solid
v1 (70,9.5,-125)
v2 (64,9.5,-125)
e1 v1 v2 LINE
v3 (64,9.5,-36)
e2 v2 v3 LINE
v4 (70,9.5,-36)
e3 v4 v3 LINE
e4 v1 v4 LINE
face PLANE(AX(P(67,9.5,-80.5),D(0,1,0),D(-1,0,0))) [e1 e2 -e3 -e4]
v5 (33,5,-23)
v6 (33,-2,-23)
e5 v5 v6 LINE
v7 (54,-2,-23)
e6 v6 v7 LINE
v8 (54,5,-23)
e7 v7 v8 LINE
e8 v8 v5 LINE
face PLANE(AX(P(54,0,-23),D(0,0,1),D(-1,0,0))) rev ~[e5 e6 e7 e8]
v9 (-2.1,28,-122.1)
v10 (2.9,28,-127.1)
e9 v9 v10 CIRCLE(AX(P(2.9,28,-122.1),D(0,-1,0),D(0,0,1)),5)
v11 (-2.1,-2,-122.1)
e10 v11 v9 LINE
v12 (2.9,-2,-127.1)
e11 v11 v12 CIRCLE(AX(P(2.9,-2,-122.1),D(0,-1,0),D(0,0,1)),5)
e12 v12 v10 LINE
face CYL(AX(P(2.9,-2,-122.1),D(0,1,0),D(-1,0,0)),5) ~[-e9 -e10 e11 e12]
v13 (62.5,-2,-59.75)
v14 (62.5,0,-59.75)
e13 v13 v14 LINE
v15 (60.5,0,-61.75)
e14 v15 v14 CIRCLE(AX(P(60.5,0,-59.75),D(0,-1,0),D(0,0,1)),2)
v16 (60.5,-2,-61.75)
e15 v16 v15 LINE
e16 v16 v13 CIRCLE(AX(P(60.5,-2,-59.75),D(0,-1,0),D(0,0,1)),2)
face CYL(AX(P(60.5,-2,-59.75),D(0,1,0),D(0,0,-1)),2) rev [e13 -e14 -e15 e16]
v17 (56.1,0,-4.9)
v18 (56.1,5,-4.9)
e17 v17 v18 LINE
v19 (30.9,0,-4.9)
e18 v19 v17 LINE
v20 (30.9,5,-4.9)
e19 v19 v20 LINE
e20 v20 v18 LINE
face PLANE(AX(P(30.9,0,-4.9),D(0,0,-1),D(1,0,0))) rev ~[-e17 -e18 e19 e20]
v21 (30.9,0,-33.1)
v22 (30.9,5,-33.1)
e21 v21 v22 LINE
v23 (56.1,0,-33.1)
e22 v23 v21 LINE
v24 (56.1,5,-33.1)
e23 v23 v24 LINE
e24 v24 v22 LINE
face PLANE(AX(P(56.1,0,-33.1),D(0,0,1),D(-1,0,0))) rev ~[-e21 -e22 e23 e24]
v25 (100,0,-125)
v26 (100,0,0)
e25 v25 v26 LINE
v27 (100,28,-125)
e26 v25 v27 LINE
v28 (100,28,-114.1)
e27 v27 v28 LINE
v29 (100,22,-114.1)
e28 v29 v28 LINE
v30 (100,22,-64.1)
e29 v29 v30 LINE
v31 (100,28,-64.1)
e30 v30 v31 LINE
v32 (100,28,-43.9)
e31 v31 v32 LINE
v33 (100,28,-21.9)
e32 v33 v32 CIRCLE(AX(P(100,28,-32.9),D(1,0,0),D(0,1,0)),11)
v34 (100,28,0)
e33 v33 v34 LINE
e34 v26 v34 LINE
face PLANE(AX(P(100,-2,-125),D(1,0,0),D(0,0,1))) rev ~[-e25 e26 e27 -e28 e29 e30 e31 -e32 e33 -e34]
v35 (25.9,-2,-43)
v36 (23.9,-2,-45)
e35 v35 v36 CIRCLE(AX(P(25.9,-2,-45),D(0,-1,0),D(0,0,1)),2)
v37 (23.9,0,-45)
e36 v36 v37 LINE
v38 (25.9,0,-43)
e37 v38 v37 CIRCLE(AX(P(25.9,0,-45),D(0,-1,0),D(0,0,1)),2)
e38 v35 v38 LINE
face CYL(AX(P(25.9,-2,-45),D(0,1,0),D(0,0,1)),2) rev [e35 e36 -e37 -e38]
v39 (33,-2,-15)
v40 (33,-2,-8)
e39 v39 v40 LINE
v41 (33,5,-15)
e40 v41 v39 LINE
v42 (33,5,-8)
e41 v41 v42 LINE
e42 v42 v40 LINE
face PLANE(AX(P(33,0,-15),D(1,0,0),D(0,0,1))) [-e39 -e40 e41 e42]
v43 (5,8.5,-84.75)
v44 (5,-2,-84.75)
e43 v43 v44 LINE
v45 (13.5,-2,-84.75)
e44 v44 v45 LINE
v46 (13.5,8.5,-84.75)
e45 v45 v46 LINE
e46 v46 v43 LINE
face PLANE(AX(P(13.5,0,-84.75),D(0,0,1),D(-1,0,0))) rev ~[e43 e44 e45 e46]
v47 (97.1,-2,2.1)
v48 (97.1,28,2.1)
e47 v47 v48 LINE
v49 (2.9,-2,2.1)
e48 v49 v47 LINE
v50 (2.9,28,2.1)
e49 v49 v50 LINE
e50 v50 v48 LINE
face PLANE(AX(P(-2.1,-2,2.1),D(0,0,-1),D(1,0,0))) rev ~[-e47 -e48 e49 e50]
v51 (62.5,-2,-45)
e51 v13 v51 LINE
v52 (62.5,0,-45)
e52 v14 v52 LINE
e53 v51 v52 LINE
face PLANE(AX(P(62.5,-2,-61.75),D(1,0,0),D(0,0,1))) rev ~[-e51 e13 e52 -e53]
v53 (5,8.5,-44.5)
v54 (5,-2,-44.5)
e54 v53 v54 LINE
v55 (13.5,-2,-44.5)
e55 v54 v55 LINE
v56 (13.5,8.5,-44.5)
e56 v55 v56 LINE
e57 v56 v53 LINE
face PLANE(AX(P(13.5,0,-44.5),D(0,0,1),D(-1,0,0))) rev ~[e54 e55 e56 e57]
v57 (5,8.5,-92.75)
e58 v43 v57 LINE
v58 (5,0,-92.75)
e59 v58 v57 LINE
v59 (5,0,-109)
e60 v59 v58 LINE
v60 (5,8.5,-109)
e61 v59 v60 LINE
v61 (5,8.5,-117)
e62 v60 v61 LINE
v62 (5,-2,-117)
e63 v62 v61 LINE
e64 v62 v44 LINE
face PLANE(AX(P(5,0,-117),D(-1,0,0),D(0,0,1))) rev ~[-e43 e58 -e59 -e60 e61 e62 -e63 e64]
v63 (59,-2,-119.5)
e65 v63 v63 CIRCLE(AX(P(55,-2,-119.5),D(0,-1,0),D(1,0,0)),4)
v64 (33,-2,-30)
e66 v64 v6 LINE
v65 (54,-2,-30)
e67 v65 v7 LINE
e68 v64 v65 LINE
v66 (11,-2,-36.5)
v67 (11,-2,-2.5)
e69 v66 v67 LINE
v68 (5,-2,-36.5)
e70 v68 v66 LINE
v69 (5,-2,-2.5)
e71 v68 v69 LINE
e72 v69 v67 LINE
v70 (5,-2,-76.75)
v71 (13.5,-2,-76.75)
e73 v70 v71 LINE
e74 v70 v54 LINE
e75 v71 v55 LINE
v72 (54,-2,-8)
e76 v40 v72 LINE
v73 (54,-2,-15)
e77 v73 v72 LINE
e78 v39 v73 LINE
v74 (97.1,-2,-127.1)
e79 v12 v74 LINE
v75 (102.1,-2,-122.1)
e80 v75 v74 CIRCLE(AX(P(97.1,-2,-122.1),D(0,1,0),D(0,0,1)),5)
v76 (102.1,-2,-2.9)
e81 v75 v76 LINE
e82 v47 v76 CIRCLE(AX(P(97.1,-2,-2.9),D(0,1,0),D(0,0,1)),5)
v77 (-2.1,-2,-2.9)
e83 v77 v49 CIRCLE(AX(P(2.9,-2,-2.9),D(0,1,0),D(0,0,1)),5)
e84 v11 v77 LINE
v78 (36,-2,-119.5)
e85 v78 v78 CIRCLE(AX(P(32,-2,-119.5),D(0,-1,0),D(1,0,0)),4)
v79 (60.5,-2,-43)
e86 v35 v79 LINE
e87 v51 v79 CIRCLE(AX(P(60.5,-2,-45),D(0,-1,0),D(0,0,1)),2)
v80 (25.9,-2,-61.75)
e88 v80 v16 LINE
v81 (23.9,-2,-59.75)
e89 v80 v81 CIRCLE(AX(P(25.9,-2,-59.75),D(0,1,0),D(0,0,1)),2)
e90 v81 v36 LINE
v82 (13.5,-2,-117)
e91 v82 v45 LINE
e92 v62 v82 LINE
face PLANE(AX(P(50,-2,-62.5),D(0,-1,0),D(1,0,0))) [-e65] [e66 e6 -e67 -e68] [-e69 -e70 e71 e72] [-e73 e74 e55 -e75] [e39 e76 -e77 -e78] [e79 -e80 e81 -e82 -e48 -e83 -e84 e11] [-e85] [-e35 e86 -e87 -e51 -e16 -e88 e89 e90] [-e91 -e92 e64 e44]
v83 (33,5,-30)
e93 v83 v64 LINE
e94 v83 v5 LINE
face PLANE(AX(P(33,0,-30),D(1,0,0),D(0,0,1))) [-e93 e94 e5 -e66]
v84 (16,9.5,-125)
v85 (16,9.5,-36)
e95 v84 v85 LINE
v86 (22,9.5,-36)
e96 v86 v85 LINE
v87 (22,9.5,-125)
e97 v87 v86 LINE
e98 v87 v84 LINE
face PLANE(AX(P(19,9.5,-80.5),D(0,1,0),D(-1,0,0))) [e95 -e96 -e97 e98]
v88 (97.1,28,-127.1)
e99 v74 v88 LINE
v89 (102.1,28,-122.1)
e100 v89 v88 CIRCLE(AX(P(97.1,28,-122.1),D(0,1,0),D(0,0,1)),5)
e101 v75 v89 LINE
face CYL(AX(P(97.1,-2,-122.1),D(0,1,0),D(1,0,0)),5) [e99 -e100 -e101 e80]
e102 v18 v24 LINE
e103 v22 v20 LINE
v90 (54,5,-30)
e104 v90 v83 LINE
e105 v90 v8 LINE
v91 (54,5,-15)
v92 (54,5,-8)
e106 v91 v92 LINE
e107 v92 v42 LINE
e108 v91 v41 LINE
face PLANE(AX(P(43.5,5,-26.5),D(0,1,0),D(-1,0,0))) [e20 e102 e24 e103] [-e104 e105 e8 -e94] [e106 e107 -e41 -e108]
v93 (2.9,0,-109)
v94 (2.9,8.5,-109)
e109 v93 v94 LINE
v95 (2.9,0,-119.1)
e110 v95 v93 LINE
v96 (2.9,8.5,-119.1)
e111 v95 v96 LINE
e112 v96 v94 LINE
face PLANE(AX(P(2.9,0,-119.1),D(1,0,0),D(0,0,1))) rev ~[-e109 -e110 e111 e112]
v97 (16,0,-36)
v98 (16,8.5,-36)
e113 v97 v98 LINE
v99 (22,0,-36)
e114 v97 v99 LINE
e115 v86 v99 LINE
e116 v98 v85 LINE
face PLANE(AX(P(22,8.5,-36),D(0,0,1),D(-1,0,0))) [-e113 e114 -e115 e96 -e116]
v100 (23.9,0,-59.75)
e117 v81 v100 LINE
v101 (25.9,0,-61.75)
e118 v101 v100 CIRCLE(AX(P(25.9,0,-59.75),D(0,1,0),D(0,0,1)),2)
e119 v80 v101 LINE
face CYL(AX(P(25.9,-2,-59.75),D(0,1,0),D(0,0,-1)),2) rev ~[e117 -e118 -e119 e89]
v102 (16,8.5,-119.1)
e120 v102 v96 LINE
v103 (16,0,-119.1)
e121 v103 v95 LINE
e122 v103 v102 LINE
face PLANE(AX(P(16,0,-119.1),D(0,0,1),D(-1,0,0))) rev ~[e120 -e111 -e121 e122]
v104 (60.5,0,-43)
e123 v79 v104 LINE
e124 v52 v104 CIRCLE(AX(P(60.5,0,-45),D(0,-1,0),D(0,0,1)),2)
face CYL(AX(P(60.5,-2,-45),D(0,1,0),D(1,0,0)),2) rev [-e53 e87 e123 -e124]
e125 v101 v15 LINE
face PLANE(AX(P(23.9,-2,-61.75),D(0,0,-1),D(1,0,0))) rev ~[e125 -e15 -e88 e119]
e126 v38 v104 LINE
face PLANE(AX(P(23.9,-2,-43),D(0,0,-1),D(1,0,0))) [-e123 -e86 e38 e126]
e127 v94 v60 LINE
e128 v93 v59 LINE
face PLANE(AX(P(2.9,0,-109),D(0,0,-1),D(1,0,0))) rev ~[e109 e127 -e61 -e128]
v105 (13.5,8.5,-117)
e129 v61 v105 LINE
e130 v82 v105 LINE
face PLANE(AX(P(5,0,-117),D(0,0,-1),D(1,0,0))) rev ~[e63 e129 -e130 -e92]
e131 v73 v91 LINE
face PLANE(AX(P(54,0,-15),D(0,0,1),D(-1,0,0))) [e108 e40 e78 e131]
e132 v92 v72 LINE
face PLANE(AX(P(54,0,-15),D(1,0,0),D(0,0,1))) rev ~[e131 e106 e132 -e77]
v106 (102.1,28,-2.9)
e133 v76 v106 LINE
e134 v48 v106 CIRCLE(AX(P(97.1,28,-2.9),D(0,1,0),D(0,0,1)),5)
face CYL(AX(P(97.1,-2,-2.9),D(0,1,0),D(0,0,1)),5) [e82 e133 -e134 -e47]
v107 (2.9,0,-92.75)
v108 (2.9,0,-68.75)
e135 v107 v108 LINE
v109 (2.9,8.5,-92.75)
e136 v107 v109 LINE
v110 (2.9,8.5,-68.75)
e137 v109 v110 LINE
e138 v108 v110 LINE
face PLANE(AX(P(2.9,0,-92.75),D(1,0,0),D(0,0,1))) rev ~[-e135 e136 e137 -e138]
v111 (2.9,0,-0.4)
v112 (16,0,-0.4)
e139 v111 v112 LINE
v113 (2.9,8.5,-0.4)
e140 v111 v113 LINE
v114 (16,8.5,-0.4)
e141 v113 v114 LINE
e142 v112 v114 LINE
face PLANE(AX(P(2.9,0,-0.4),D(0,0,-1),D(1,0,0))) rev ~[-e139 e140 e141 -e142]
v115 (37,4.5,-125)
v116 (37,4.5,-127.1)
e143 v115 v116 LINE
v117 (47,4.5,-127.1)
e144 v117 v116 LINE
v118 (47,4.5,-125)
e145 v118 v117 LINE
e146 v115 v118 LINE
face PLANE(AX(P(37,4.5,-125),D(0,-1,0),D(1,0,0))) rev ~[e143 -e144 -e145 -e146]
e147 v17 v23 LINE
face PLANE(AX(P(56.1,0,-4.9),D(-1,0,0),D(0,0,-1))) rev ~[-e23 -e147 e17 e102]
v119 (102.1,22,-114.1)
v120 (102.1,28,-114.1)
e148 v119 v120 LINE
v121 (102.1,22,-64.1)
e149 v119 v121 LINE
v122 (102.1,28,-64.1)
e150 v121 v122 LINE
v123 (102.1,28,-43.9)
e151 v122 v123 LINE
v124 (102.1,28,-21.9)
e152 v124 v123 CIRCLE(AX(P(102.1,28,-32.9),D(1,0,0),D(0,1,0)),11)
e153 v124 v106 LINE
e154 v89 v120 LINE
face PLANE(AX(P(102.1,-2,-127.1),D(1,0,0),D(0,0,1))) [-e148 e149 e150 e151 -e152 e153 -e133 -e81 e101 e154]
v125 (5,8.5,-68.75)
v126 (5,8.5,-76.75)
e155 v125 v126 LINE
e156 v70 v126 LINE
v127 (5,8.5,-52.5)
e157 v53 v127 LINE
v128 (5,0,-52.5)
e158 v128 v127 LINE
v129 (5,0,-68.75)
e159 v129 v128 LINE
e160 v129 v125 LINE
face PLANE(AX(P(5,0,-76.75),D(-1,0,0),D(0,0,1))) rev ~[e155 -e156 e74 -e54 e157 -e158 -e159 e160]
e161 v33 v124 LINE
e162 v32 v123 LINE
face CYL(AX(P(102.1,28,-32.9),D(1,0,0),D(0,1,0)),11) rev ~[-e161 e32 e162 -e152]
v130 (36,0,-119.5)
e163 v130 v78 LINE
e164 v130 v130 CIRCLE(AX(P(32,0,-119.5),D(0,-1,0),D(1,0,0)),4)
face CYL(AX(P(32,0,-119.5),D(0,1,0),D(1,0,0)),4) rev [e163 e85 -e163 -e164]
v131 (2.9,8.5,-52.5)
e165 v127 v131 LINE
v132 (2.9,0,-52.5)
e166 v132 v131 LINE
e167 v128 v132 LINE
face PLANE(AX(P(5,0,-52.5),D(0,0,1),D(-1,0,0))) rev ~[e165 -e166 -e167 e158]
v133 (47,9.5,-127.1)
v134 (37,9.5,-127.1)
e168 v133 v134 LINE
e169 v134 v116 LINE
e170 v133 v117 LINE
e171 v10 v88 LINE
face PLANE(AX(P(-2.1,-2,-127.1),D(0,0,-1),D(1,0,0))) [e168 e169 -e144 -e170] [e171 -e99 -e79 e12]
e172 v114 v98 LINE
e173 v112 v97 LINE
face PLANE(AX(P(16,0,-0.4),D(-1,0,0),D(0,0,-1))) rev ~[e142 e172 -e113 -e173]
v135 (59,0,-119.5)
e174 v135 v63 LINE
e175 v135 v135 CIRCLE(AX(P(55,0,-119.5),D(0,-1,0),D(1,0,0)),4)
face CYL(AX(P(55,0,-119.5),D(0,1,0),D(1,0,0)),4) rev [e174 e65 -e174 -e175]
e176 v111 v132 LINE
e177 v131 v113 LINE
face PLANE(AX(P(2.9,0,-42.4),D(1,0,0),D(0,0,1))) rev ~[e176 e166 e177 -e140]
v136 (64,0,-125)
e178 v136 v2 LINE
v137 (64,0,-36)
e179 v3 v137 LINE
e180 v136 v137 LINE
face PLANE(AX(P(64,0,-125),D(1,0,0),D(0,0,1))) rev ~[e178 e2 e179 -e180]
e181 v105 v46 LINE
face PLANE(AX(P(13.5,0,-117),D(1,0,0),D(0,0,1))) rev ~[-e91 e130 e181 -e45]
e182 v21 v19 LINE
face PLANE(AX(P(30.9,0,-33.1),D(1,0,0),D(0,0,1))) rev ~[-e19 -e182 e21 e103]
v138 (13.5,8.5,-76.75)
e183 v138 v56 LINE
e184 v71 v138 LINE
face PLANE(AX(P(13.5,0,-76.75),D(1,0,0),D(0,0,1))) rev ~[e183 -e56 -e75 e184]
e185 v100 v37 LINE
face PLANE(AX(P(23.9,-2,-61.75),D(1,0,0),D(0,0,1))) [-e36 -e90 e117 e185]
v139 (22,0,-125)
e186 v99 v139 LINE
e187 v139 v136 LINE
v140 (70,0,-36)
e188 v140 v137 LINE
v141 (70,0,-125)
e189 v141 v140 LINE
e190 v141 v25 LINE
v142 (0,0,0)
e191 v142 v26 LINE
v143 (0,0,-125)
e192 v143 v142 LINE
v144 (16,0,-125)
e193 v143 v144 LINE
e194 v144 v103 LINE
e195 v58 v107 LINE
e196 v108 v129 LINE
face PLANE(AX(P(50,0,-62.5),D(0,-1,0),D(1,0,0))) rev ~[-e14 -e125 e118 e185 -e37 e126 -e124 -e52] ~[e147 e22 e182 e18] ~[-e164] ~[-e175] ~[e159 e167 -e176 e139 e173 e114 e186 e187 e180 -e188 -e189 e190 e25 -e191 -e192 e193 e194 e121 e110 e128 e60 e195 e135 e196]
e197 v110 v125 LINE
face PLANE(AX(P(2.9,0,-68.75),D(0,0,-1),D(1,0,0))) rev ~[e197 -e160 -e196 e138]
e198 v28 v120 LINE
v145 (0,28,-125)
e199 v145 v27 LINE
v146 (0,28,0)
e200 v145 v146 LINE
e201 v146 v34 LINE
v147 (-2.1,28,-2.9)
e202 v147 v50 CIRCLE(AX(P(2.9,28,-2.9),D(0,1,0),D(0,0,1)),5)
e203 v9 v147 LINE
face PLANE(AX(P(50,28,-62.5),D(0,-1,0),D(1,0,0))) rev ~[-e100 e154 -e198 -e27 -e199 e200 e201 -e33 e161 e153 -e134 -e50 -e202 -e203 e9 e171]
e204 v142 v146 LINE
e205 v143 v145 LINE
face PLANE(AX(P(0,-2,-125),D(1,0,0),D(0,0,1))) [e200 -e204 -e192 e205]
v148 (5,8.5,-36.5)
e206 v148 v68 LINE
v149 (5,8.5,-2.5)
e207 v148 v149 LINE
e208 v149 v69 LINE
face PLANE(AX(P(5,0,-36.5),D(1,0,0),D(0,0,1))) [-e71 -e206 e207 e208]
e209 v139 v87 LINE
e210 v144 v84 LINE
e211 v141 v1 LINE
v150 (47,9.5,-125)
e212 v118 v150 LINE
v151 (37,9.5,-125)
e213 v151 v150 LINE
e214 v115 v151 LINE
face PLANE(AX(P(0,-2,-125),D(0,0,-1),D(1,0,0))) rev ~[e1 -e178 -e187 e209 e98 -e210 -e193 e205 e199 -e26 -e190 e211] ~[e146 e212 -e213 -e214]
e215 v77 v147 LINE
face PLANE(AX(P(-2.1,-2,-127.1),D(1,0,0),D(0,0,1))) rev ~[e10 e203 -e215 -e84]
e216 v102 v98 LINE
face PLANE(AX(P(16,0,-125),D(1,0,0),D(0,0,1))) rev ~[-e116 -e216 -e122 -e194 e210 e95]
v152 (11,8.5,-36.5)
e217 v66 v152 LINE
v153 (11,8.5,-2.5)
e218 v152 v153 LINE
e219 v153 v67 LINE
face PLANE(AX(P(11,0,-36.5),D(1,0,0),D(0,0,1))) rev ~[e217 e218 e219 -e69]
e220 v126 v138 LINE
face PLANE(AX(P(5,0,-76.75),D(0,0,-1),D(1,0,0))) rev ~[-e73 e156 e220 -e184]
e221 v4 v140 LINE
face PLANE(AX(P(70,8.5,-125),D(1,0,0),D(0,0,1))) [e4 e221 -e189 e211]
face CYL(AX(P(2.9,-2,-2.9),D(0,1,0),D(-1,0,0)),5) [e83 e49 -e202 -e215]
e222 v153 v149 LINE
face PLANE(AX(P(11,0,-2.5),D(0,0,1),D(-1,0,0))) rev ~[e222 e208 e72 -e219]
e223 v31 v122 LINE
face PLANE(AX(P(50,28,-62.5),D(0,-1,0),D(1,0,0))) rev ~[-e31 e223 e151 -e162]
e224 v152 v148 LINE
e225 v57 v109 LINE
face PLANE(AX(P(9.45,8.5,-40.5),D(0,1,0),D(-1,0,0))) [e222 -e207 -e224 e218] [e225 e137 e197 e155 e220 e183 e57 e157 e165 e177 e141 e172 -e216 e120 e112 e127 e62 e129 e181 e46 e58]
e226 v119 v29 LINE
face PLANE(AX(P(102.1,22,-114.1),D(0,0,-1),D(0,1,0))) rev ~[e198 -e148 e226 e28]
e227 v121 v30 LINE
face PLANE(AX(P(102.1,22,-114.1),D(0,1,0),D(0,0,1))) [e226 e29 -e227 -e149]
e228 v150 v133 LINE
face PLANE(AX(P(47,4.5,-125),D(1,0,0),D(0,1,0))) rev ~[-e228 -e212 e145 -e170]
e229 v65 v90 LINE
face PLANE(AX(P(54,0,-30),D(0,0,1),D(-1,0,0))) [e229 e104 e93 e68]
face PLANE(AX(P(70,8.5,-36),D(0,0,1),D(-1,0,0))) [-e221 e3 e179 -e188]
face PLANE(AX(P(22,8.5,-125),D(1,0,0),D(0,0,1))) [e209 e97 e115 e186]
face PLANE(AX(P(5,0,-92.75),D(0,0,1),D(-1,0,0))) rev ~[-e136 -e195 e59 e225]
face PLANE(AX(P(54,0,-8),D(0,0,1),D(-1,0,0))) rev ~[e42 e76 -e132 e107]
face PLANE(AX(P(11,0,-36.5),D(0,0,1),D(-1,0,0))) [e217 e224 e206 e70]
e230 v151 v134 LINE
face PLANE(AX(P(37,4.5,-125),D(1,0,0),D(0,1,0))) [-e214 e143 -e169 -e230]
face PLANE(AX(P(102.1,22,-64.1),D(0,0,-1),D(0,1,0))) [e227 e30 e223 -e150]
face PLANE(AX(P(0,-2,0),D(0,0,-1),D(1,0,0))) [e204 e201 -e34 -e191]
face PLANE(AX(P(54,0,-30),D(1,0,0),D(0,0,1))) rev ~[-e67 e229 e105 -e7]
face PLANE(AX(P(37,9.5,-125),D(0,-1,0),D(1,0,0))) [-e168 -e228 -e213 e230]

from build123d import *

# Parameters (mm, degrees)
F0_W      = 100
F0_H      = 125
F0_W_2    = 8.5
F0_H_2    = 32.25
F0_R      = 4
F0_R_2    = 2.75
F0_R_3    = 2
F0_W_3    = 6
F0_H_3    = 34
F0_W_4    = 21
F0_H_4    = 7
F1_DEPTH  = 2
F2_W      = 6
F2_H      = 89
F3_DEPTH  = 8.5
F5_DEPTH  = 8.5
F6_W      = 6
F6_H      = 34
F7_DEPTH  = 8.5
F8_W      = 21
F8_H      = 7
F9_DEPTH  = 5
F10_W     = 104.2
F10_H     = 129.2
F10_W_2   = 100
F10_H_2   = 125
F11_DEPTH = 30
F12_R     = 11
F12_W     = 12
F12_H     = 50
F13_DEPTH = 5
F14_R     = 3.75
F15_DEPTH = 1
F16_W     = 6
F16_H     = 89
F17_DEPTH = 1
F18_W     = 6
F18_H     = 89
F19_DEPTH = 1
F20_W     = 10
F20_H     = 5
F21_DEPTH = 5
F22_R     = 5
F23_W     = 38.6
F23_H     = 18.75
F23_R     = 2.75
F23_R_2   = 2
F24_DEPTH = 25
F25_R     = 2


with BuildPart() as f1:
    # F0 (on Front) → F1 (new body)
    with BuildSketch(Plane.XZ):
        with Locations((50, -62.5)):
            Rectangle(F0_W, F0_H)
        with Locations((9.25, -100.875)):
            Rectangle(F0_W_2, F0_H_2, mode=Mode.SUBTRACT)
        with Locations((32, -119.5)):
            Circle(F0_R, mode=Mode.SUBTRACT)
        with Locations((55, -119.5)):
            Circle(F0_R, mode=Mode.SUBTRACT)
        with Locations((9.25, -60.625)):
            Rectangle(F0_W_2, F0_H_2, mode=Mode.SUBTRACT)
        with Locations((34, -56)):
            Circle(F0_R_2, mode=Mode.SUBTRACT)
        with Locations((27.5, -47)):
            Circle(F0_R_3, mode=Mode.SUBTRACT)
        with Locations((8, -19.5)):
            Rectangle(F0_W_3, F0_H_3, mode=Mode.SUBTRACT)
        with Locations((43.5, -26.5)):
            Rectangle(F0_W_4, F0_H_4, mode=Mode.SUBTRACT)
        with Locations((43.5, -11.5)):
            Rectangle(F0_W_4, F0_H_4, mode=Mode.SUBTRACT)
        with Locations((52, -56)):
            Circle(F0_R_2, mode=Mode.SUBTRACT)
        with Locations((58.5, -47)):
            Circle(F0_R_3, mode=Mode.SUBTRACT)
    extrude(amount=F1_DEPTH)

    # F2 (on face) → F3 (join)
    with BuildSketch(Plane(origin=(0, 0, 0), x_dir=(-1, 0, 0), z_dir=(0, 1, 0))):
        Polygon((-22, -125), (-16, -125), (-16, -117), (-16, -36), (-22, -36), align=None)
        with Locations((-67, -80.5)):
            Rectangle(F2_W, F2_H)
    extrude(amount=F3_DEPTH)

    # F4 (on face) → F5 (join)
    with BuildSketch(Plane(origin=(0, 0, 0), x_dir=(-1, 0, 0), z_dir=(0, 1, 0))):
        Polygon((-16, -119.1), (-5, -119.1), (-2.9, -119.1), (-2.9, -109), (-5, -109), (-5, -117), (-13.5, -117), (-13.5, -84.75), (-5, -84.75), (-5, -92.75), (-2.9, -92.75), (-2.9, -82.65), (-5, -82.65), (-16, -82.65), align=None)
        Polygon((-16, -78.85), (-16, -82.65), (-5, -82.65), (-2.9, -82.65), (-2.9, -78.85), (-5, -78.85), align=None)
        Polygon((-16, -42.4), (-16, -78.85), (-5, -78.85), (-2.9, -78.85), (-2.9, -68.75), (-5, -68.75), (-5, -76.75), (-13.5, -76.75), (-13.5, -44.5), (-5, -44.5), (-5, -52.5), (-2.9, -52.5), (-2.9, -42.4), align=None)
    extrude(amount=F5_DEPTH)

    # F6 (on face) → F7 (join)
    with BuildSketch(Plane(origin=(0, 0, 0), x_dir=(-1, 0, 0), z_dir=(0, 1, 0))):
        Polygon((-2.9, -38.6), (-5, -38.6), (-16, -38.6), (-16, -42.4), (-2.9, -42.4), align=None)
        Polygon((-16, -38.6), (-5, -38.6), (-2.9, -38.6), (-2.9, -0.4), (-16, -0.4), align=None)
        with Locations((-8, -19.5)):
            Rectangle(F6_W, F6_H, mode=Mode.SUBTRACT)
    extrude(amount=F7_DEPTH)

    # F8 (on face) → F9 (join)
    with BuildSketch(Plane(origin=(0, 0, 0), x_dir=(-1, 0, 0), z_dir=(0, 1, 0))):
        Polygon((-56.1, -33.1), (-54, -33.1), (-30.9, -33.1), (-30.9, -19.9), (-56.1, -19.9), align=None)
        with Locations((-43.5, -26.5)):
            Rectangle(F8_W, F8_H, mode=Mode.SUBTRACT)
        Polygon((-56.1, -18.1), (-56.1, -19.9), (-30.9, -19.9), (-30.9, -18.1), (-54, -18.1), align=None)
        Polygon((-56.1, -4.9), (-56.1, -18.1), (-54, -18.1), (-30.9, -18.1), (-30.9, -4.9), align=None)
        with Locations((-43.5, -11.5)):
            Rectangle(F8_W, F8_H, mode=Mode.SUBTRACT)
    extrude(amount=F9_DEPTH)

    # F10 (on face) → F11 (join)
    with BuildSketch(Plane.XZ.offset(2)):
        with Locations((50, -62.5)):
            Rectangle(F10_W, F10_H)
        with Locations((50, -62.5)):
            Rectangle(F10_W_2, F10_H_2, mode=Mode.SUBTRACT)
    extrude(amount=-F11_DEPTH)

    # F12 (on face) → F13 (cut)
    with BuildSketch(Plane.YZ.offset(102.1)):
        with Locations((28, -32.9)):
            Circle(F12_R)
        with Locations((28, -89.1)):
            Rectangle(F12_W, F12_H)
    extrude(amount=-F13_DEPTH, mode=Mode.SUBTRACT)

    # F14 (on face) → F15 (cut)
    with BuildSketch(Plane(origin=(0, 0, 0), x_dir=(-1, 0, 0), z_dir=(0, 1, 0))):
        with Locations((-34, -56)):
            Circle(F14_R)
        with Locations((-52, -56)):
            Circle(F14_R)
    extrude(amount=-F15_DEPTH, mode=Mode.SUBTRACT)

    # F16 (on face) → F17 (join)
    with BuildSketch(Plane(origin=(0, 8.5, 0), x_dir=(-1, 0, 0), z_dir=(0, 1, 0))):
        with Locations((-19, -80.5)):
            Rectangle(F16_W, F16_H)
    extrude(amount=F17_DEPTH)

    # F18 (on face) → F19 (join)
    with BuildSketch(Plane(origin=(0, 8.5, 0), x_dir=(-1, 0, 0), z_dir=(0, 1, 0))):
        with Locations((-67, -80.5)):
            Rectangle(F18_W, F18_H)
    extrude(amount=F19_DEPTH)

    # F20 (on face) → F21 (cut)
    with BuildSketch(Plane.XY.offset(-125)):
        with Locations((42, 7)):
            Rectangle(F20_W, F20_H)
    extrude(amount=-F21_DEPTH, mode=Mode.SUBTRACT)

    # F22
    f22_edges = [f1.edges().sort_by_distance(p)[0] for p in [
        (102.1, 13, 2.1),
        (-2.1, 13, 2.1),
        (-2.1, 13, -127.1),
        (102.1, 13, -127.1),
    ]]
    fillet(f22_edges, radius=F22_R)

    # F23 (on face) → F24 (cut)
    with BuildSketch(Plane.XZ.offset(2)):
        with Locations((43.2, -52.375)):
            Rectangle(F23_W, F23_H)
        with Locations((34, -56)):
            Circle(F23_R, mode=Mode.SUBTRACT)
        with Locations((27.5, -47)):
            Circle(F23_R_2, mode=Mode.SUBTRACT)
        with Locations((52, -56)):
            Circle(F23_R, mode=Mode.SUBTRACT)
        with Locations((58.5, -47)):
            Circle(F23_R_2, mode=Mode.SUBTRACT)
    extrude(amount=-F24_DEPTH, mode=Mode.SUBTRACT)

    # F25
    f25_edges = [f1.edges().sort_by_distance(p)[0] for p in [
        (23.9, -1, -43),
        (62.5, -1, -43),
        (23.9, -1, -61.75),
        (62.5, -1, -61.75),
    ]]
    fillet(f25_edges, radius=F25_R)


solid = f1.part
